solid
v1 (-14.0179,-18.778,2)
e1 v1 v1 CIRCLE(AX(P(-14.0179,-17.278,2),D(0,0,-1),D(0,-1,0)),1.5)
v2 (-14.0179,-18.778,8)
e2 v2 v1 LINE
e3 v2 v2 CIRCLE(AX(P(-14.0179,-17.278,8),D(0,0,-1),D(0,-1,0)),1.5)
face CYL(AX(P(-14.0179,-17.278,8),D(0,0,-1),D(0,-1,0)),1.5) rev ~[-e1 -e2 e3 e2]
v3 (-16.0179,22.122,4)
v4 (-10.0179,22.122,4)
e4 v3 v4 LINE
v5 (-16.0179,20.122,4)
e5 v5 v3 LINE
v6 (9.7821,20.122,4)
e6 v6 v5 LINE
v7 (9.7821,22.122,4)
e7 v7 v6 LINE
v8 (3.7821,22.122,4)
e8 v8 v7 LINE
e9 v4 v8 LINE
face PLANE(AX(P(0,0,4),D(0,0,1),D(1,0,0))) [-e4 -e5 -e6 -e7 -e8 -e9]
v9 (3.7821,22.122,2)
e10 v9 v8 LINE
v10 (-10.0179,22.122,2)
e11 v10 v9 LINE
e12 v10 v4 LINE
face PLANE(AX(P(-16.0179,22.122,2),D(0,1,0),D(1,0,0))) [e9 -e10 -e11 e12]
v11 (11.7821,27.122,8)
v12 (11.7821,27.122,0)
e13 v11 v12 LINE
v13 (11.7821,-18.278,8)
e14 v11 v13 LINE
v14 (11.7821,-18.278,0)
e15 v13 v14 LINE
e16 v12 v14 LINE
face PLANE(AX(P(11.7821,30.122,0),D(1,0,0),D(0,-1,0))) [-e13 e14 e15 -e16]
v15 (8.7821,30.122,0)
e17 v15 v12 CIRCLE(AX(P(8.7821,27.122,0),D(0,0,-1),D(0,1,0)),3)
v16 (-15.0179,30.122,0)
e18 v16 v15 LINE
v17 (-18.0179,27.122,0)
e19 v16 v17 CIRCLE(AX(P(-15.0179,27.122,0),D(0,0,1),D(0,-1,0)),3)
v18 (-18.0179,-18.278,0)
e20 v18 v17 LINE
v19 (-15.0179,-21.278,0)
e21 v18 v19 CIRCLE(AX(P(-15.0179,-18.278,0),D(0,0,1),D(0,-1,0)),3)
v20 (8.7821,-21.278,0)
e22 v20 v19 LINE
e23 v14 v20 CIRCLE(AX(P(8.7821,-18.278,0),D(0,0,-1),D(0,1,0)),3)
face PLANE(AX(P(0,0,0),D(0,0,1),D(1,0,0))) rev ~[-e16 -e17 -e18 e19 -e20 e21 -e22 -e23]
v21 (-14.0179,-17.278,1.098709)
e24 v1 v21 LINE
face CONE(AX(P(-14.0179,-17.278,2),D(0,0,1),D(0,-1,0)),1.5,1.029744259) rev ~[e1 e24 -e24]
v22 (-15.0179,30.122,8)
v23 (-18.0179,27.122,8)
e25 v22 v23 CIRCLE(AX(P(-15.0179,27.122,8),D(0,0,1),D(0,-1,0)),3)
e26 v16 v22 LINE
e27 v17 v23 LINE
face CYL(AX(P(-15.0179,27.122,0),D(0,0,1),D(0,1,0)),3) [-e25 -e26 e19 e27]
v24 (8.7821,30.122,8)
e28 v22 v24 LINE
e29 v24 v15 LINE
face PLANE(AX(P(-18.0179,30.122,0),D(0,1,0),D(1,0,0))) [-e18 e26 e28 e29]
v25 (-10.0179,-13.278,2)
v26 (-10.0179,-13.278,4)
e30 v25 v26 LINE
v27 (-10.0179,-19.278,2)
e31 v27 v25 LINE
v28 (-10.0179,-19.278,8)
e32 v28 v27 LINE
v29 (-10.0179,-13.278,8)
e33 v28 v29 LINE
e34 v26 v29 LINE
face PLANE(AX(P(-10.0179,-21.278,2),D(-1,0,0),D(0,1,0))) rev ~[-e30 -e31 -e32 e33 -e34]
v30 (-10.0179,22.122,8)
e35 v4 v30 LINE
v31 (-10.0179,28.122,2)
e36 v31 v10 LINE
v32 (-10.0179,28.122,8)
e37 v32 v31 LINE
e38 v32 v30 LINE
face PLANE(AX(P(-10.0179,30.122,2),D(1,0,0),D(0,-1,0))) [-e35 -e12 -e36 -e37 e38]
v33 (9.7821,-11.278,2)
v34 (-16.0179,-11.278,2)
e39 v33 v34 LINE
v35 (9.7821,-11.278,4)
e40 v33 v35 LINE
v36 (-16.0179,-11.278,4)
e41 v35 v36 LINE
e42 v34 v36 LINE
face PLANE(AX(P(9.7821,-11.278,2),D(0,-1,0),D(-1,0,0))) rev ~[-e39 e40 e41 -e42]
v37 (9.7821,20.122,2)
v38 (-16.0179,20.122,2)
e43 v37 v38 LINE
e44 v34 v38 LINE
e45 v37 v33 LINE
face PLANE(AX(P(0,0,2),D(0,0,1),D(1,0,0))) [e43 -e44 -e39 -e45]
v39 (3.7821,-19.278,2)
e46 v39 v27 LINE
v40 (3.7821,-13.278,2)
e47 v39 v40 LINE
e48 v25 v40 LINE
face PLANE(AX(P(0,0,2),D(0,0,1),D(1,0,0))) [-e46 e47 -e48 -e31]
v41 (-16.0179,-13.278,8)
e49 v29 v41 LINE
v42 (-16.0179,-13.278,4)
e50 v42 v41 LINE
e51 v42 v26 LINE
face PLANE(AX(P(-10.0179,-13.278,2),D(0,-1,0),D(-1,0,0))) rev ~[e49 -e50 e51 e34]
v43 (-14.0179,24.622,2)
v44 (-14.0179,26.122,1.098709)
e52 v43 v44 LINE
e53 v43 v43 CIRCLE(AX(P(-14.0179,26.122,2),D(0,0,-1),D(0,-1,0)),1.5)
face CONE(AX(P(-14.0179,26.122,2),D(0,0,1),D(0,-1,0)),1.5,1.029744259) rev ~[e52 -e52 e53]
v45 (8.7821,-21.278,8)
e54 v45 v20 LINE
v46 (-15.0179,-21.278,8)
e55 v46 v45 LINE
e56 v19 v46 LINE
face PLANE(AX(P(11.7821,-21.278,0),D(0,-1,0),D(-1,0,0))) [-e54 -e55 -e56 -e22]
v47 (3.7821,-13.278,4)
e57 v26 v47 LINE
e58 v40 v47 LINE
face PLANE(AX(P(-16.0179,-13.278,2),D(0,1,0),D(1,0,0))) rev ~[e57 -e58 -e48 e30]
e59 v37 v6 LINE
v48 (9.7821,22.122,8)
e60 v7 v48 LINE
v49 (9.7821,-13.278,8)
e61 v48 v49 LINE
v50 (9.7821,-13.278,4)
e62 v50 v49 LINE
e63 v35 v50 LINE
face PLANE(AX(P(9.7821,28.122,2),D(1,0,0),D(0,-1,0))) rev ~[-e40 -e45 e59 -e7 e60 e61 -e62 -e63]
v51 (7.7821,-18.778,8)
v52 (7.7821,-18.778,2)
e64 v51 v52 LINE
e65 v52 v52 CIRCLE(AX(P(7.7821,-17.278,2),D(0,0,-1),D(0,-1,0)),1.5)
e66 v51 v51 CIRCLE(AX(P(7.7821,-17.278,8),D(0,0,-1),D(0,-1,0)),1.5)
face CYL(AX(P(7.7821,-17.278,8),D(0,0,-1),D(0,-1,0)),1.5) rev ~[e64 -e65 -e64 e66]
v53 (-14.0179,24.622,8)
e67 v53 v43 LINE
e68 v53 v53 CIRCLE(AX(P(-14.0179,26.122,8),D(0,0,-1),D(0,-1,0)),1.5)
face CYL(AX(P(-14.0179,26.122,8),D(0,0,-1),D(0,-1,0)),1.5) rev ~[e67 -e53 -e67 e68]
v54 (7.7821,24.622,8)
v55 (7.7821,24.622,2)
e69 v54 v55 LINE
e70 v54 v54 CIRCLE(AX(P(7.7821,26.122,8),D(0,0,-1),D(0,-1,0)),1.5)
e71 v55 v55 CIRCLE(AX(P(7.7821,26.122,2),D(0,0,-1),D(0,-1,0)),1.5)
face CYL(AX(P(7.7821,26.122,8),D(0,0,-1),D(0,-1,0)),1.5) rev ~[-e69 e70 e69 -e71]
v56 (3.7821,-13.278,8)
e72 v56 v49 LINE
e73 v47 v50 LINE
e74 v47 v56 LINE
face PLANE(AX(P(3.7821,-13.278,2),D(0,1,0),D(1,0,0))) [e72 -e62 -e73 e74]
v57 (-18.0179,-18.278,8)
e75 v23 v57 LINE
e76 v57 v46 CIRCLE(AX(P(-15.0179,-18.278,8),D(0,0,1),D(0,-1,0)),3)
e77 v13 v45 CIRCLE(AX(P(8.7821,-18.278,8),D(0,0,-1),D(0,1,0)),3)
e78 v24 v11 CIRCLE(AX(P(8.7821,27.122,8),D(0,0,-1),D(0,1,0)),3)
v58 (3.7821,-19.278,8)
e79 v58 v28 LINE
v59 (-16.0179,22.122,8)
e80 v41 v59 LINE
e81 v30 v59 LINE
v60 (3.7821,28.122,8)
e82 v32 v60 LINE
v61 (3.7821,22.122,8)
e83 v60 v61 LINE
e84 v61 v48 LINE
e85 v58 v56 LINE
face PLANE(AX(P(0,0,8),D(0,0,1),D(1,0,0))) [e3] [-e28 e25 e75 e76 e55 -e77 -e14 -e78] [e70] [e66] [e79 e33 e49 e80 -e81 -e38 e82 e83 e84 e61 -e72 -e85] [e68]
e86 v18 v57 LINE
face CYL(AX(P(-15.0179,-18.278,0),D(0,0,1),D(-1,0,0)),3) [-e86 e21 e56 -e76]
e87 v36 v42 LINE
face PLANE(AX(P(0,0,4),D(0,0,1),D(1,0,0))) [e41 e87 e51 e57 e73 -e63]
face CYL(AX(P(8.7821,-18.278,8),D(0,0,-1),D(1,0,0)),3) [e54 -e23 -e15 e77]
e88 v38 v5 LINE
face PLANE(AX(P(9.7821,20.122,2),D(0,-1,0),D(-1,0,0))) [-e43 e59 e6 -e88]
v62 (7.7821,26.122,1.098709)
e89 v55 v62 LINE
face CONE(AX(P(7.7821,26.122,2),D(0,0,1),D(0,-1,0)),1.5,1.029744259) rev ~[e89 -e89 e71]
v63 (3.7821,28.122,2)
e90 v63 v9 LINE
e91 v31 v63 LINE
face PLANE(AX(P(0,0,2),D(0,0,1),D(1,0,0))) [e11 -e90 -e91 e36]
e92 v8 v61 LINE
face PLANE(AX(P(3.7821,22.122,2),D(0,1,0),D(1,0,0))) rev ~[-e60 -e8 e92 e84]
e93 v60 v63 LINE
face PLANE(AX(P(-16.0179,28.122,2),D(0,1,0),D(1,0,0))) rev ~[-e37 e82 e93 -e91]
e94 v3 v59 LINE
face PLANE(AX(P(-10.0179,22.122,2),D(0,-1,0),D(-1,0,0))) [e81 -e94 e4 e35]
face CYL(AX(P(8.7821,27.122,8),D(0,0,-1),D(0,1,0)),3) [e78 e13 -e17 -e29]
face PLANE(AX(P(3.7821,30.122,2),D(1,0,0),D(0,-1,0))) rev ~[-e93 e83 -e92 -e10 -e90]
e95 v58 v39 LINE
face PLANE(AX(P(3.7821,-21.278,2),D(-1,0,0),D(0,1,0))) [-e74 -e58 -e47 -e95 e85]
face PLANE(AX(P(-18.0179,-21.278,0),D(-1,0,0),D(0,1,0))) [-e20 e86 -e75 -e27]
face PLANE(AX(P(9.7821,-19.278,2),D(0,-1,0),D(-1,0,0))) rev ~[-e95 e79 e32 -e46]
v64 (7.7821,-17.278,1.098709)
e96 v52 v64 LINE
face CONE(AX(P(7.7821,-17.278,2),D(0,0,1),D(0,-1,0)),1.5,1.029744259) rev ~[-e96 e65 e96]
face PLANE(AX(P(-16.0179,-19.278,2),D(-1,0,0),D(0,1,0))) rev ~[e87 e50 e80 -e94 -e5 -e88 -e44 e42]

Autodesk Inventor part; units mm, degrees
ref_plane "YZ Plane" through (0, 0, 0) normal (1, 0, 0) x (0, 1, 0)
ref_plane "XZ Plane" through (0, 0, 0) normal (0, 1, 0) x (-1, 0, 0)
ref_plane "XY Plane" through (0, 0, 0) normal (0, 0, 1) x (1, 0, 0)
sketch "Sketch1" plane through (0, 0, 0) normal (0, 0, 1) x (1, 0, 0)
  line L0 (-18.0179, 30.122) -> (11.7821, 30.122)
  line L1 (11.7821, 30.122) -> (11.7821, -21.278)
  line L2 (11.7821, -21.278) -> (-18.0179, -21.278)
  line L3 (-18.0179, -21.278) -> (-18.0179, 30.122)
  point P0 (0, 0)
  dimension "d0" = 29.8
  dimension "d1" = 51.4
extrude "Extrusion1" add sketch "Sketch1" along normal blind 2
sketch "Sketch2" plane through (0, 0, 2) normal (0, 0, 1) x (1, 0, 0)
  line L0 (-18.0179, 30.122) -> (11.7821, 30.122)
  line L1 (11.7821, 30.122) -> (11.7821, -21.278)
  line L2 (11.7821, -21.278) -> (-18.0179, -21.278)
  line L3 (-18.0179, -21.278) -> (-18.0179, 30.122)
  line L4 (-16.0179, 28.122) -> (9.7821, 28.122)
  line L5 (9.7821, 28.122) -> (9.7821, -19.278)
  line L6 (9.7821, -19.278) -> (-16.0179, -19.278)
  line L7 (-16.0179, -19.278) -> (-16.0179, 28.122)
  point P0 (0, 0)
  dimension "d4" = 2
  dimension "d5" = 2
  dimension "d6" = 2
  dimension "d7" = 2
  dimension "d8" = 25.8
  dimension "d9" = 47.4
extrude "Extrusion2" add sketch "Sketch2" along normal blind 6
sketch "Sketch3" plane through (0, 0, 2) normal (0, 0, 1) x (1, 0, 0)
  point P0 (0, 0)
sketch "Sketch4" plane through (0, 0, 2) normal (0, 0, 1) x (1, 0, 0)
  line L0 (-18.0179, 30.122) -> (-10.0179, 30.122)
  line L1 (-10.0179, 30.122) -> (-10.0179, 22.122)
  line L2 (-10.0179, 22.122) -> (-18.0179, 22.122)
  line L3 (-18.0179, 22.122) -> (-18.0179, 30.122)
  line L4 (11.7821, 30.122) -> (3.7821, 30.122)
  line L5 (3.7821, 30.122) -> (3.7821, 22.122)
  line L6 (3.7821, 22.122) -> (11.7821, 22.122)
  line L7 (11.7821, 22.122) -> (11.7821, 30.122)
  line L8 (-18.0179, -21.278) -> (-10.0179, -21.278)
  line L9 (-10.0179, -21.278) -> (-10.0179, -13.278)
  line L10 (-10.0179, -13.278) -> (-18.0179, -13.278)
  line L11 (-18.0179, -13.278) -> (-18.0179, -21.278)
  line L12 (11.7821, -21.278) -> (3.7821, -21.278)
  line L13 (3.7821, -21.278) -> (3.7821, -13.278)
  line L14 (3.7821, -13.278) -> (11.7821, -13.278)
  line L15 (11.7821, -13.278) -> (11.7821, -21.278)
  line L16 (-18.0179, 30.122) -> (-18.0179, -21.278) projected
  line L17 (-18.0179, -21.278) -> (11.7821, -21.278) projected
  point P0 (0, 0)
  dimension "d12" = 8
  dimension "d13" = 8
  dimension "d14" = 8
  dimension "d15" = 8
  dimension "d16" = 8
  dimension "d17" = 8
  dimension "d18" = 8
  dimension "d19" = 8
  dimension "d20" = 35.4
extrude "Extrusion3" add sketch "Sketch4" along normal blind 6
sketch "Sketch5" plane through (0, 0, 2) normal (0, 0, 1) x (1, 0, 0)
  line L0 (9.7821, 22.122) -> (9.7821, -13.278) projected
  line L1 (-16.0179, 22.122) -> (9.7821, 22.122)
  line L2 (9.7821, 22.122) -> (9.7821, 20.122)
  line L3 (9.7821, 20.122) -> (-16.0179, 20.122)
  line L4 (-16.0179, 20.122) -> (-16.0179, 22.122)
  line L5 (-16.0179, -13.278) -> (9.7821, -13.278)
  line L6 (9.7821, -13.278) -> (9.7821, -11.278)
  line L7 (9.7821, -11.278) -> (-16.0179, -11.278)
  line L8 (-16.0179, -11.278) -> (-16.0179, -13.278)
  point P0 (0, 0)
  dimension "d23" = 2
  dimension "d24" = 2
extrude "Extrusion4" add sketch "Sketch5" along normal blind 2
sketch "Sketch6" plane through (0, 0, 8) normal (0, 0, 1) x (1, 0, 0)
  point P0 (0, 0)
sketch "Sketch7" plane through (0, 0, 8) normal (0, 0, 1) x (1, 0, 0)
  line L0 (-10.0179, -13.278) -> (-16.0179, -13.278) projected
  line L1 (-18.0179, 30.122) -> (-18.0179, -21.278) projected
  line L2 (9.7821, -13.278) -> (3.7821, -13.278) projected
  line L3 (11.7821, 30.122) -> (11.7821, -21.278) projected
  line L4 (11.7821, 30.122) -> (-18.0179, 30.122) projected
  point P0 (0, 0)
  point P1 (-14.0179, 26.122)
  point P2 (7.7821, 26.122)
  point P3 (-14.0179, -17.278)
  point P4 (7.7821, -17.278)
  dimension "d27" = 4
  dimension "d28" = 4
  dimension "d29" = 4
  dimension "d30" = 4
  dimension "d31" = 4
  dimension "d32" = 4
  dimension "d33" = 4
  dimension "d34" = 4
hole "Hole1" at (-14.0179, 26.122, 8) at (7.7821, 26.122, 8) at (-14.0179, -17.278, 8) at (7.7821, -17.278, 8) direction (0, 0, -1) diameter 3 depth 6 tip angle 118
fillet "Fillet1" radius 3 4 edges at (-18.0179, -21.278, 4) (11.7821, -21.278, 4) (-18.0179, 30.122, 4) (11.7821, 30.122, 4)
sketch "Sketch8" plane through (0, 0, 8) normal (0, 0, 1) x (1, 0, 0)
  line L0 (9.7821, 22.122) -> (9.7821, -13.278) projected
  line L1 (-16.0179, -13.278) -> (-16.0179, 22.122) projected
  point P0 (0, 0)
  dimension "d43" = 25.8
properties part number "base"
